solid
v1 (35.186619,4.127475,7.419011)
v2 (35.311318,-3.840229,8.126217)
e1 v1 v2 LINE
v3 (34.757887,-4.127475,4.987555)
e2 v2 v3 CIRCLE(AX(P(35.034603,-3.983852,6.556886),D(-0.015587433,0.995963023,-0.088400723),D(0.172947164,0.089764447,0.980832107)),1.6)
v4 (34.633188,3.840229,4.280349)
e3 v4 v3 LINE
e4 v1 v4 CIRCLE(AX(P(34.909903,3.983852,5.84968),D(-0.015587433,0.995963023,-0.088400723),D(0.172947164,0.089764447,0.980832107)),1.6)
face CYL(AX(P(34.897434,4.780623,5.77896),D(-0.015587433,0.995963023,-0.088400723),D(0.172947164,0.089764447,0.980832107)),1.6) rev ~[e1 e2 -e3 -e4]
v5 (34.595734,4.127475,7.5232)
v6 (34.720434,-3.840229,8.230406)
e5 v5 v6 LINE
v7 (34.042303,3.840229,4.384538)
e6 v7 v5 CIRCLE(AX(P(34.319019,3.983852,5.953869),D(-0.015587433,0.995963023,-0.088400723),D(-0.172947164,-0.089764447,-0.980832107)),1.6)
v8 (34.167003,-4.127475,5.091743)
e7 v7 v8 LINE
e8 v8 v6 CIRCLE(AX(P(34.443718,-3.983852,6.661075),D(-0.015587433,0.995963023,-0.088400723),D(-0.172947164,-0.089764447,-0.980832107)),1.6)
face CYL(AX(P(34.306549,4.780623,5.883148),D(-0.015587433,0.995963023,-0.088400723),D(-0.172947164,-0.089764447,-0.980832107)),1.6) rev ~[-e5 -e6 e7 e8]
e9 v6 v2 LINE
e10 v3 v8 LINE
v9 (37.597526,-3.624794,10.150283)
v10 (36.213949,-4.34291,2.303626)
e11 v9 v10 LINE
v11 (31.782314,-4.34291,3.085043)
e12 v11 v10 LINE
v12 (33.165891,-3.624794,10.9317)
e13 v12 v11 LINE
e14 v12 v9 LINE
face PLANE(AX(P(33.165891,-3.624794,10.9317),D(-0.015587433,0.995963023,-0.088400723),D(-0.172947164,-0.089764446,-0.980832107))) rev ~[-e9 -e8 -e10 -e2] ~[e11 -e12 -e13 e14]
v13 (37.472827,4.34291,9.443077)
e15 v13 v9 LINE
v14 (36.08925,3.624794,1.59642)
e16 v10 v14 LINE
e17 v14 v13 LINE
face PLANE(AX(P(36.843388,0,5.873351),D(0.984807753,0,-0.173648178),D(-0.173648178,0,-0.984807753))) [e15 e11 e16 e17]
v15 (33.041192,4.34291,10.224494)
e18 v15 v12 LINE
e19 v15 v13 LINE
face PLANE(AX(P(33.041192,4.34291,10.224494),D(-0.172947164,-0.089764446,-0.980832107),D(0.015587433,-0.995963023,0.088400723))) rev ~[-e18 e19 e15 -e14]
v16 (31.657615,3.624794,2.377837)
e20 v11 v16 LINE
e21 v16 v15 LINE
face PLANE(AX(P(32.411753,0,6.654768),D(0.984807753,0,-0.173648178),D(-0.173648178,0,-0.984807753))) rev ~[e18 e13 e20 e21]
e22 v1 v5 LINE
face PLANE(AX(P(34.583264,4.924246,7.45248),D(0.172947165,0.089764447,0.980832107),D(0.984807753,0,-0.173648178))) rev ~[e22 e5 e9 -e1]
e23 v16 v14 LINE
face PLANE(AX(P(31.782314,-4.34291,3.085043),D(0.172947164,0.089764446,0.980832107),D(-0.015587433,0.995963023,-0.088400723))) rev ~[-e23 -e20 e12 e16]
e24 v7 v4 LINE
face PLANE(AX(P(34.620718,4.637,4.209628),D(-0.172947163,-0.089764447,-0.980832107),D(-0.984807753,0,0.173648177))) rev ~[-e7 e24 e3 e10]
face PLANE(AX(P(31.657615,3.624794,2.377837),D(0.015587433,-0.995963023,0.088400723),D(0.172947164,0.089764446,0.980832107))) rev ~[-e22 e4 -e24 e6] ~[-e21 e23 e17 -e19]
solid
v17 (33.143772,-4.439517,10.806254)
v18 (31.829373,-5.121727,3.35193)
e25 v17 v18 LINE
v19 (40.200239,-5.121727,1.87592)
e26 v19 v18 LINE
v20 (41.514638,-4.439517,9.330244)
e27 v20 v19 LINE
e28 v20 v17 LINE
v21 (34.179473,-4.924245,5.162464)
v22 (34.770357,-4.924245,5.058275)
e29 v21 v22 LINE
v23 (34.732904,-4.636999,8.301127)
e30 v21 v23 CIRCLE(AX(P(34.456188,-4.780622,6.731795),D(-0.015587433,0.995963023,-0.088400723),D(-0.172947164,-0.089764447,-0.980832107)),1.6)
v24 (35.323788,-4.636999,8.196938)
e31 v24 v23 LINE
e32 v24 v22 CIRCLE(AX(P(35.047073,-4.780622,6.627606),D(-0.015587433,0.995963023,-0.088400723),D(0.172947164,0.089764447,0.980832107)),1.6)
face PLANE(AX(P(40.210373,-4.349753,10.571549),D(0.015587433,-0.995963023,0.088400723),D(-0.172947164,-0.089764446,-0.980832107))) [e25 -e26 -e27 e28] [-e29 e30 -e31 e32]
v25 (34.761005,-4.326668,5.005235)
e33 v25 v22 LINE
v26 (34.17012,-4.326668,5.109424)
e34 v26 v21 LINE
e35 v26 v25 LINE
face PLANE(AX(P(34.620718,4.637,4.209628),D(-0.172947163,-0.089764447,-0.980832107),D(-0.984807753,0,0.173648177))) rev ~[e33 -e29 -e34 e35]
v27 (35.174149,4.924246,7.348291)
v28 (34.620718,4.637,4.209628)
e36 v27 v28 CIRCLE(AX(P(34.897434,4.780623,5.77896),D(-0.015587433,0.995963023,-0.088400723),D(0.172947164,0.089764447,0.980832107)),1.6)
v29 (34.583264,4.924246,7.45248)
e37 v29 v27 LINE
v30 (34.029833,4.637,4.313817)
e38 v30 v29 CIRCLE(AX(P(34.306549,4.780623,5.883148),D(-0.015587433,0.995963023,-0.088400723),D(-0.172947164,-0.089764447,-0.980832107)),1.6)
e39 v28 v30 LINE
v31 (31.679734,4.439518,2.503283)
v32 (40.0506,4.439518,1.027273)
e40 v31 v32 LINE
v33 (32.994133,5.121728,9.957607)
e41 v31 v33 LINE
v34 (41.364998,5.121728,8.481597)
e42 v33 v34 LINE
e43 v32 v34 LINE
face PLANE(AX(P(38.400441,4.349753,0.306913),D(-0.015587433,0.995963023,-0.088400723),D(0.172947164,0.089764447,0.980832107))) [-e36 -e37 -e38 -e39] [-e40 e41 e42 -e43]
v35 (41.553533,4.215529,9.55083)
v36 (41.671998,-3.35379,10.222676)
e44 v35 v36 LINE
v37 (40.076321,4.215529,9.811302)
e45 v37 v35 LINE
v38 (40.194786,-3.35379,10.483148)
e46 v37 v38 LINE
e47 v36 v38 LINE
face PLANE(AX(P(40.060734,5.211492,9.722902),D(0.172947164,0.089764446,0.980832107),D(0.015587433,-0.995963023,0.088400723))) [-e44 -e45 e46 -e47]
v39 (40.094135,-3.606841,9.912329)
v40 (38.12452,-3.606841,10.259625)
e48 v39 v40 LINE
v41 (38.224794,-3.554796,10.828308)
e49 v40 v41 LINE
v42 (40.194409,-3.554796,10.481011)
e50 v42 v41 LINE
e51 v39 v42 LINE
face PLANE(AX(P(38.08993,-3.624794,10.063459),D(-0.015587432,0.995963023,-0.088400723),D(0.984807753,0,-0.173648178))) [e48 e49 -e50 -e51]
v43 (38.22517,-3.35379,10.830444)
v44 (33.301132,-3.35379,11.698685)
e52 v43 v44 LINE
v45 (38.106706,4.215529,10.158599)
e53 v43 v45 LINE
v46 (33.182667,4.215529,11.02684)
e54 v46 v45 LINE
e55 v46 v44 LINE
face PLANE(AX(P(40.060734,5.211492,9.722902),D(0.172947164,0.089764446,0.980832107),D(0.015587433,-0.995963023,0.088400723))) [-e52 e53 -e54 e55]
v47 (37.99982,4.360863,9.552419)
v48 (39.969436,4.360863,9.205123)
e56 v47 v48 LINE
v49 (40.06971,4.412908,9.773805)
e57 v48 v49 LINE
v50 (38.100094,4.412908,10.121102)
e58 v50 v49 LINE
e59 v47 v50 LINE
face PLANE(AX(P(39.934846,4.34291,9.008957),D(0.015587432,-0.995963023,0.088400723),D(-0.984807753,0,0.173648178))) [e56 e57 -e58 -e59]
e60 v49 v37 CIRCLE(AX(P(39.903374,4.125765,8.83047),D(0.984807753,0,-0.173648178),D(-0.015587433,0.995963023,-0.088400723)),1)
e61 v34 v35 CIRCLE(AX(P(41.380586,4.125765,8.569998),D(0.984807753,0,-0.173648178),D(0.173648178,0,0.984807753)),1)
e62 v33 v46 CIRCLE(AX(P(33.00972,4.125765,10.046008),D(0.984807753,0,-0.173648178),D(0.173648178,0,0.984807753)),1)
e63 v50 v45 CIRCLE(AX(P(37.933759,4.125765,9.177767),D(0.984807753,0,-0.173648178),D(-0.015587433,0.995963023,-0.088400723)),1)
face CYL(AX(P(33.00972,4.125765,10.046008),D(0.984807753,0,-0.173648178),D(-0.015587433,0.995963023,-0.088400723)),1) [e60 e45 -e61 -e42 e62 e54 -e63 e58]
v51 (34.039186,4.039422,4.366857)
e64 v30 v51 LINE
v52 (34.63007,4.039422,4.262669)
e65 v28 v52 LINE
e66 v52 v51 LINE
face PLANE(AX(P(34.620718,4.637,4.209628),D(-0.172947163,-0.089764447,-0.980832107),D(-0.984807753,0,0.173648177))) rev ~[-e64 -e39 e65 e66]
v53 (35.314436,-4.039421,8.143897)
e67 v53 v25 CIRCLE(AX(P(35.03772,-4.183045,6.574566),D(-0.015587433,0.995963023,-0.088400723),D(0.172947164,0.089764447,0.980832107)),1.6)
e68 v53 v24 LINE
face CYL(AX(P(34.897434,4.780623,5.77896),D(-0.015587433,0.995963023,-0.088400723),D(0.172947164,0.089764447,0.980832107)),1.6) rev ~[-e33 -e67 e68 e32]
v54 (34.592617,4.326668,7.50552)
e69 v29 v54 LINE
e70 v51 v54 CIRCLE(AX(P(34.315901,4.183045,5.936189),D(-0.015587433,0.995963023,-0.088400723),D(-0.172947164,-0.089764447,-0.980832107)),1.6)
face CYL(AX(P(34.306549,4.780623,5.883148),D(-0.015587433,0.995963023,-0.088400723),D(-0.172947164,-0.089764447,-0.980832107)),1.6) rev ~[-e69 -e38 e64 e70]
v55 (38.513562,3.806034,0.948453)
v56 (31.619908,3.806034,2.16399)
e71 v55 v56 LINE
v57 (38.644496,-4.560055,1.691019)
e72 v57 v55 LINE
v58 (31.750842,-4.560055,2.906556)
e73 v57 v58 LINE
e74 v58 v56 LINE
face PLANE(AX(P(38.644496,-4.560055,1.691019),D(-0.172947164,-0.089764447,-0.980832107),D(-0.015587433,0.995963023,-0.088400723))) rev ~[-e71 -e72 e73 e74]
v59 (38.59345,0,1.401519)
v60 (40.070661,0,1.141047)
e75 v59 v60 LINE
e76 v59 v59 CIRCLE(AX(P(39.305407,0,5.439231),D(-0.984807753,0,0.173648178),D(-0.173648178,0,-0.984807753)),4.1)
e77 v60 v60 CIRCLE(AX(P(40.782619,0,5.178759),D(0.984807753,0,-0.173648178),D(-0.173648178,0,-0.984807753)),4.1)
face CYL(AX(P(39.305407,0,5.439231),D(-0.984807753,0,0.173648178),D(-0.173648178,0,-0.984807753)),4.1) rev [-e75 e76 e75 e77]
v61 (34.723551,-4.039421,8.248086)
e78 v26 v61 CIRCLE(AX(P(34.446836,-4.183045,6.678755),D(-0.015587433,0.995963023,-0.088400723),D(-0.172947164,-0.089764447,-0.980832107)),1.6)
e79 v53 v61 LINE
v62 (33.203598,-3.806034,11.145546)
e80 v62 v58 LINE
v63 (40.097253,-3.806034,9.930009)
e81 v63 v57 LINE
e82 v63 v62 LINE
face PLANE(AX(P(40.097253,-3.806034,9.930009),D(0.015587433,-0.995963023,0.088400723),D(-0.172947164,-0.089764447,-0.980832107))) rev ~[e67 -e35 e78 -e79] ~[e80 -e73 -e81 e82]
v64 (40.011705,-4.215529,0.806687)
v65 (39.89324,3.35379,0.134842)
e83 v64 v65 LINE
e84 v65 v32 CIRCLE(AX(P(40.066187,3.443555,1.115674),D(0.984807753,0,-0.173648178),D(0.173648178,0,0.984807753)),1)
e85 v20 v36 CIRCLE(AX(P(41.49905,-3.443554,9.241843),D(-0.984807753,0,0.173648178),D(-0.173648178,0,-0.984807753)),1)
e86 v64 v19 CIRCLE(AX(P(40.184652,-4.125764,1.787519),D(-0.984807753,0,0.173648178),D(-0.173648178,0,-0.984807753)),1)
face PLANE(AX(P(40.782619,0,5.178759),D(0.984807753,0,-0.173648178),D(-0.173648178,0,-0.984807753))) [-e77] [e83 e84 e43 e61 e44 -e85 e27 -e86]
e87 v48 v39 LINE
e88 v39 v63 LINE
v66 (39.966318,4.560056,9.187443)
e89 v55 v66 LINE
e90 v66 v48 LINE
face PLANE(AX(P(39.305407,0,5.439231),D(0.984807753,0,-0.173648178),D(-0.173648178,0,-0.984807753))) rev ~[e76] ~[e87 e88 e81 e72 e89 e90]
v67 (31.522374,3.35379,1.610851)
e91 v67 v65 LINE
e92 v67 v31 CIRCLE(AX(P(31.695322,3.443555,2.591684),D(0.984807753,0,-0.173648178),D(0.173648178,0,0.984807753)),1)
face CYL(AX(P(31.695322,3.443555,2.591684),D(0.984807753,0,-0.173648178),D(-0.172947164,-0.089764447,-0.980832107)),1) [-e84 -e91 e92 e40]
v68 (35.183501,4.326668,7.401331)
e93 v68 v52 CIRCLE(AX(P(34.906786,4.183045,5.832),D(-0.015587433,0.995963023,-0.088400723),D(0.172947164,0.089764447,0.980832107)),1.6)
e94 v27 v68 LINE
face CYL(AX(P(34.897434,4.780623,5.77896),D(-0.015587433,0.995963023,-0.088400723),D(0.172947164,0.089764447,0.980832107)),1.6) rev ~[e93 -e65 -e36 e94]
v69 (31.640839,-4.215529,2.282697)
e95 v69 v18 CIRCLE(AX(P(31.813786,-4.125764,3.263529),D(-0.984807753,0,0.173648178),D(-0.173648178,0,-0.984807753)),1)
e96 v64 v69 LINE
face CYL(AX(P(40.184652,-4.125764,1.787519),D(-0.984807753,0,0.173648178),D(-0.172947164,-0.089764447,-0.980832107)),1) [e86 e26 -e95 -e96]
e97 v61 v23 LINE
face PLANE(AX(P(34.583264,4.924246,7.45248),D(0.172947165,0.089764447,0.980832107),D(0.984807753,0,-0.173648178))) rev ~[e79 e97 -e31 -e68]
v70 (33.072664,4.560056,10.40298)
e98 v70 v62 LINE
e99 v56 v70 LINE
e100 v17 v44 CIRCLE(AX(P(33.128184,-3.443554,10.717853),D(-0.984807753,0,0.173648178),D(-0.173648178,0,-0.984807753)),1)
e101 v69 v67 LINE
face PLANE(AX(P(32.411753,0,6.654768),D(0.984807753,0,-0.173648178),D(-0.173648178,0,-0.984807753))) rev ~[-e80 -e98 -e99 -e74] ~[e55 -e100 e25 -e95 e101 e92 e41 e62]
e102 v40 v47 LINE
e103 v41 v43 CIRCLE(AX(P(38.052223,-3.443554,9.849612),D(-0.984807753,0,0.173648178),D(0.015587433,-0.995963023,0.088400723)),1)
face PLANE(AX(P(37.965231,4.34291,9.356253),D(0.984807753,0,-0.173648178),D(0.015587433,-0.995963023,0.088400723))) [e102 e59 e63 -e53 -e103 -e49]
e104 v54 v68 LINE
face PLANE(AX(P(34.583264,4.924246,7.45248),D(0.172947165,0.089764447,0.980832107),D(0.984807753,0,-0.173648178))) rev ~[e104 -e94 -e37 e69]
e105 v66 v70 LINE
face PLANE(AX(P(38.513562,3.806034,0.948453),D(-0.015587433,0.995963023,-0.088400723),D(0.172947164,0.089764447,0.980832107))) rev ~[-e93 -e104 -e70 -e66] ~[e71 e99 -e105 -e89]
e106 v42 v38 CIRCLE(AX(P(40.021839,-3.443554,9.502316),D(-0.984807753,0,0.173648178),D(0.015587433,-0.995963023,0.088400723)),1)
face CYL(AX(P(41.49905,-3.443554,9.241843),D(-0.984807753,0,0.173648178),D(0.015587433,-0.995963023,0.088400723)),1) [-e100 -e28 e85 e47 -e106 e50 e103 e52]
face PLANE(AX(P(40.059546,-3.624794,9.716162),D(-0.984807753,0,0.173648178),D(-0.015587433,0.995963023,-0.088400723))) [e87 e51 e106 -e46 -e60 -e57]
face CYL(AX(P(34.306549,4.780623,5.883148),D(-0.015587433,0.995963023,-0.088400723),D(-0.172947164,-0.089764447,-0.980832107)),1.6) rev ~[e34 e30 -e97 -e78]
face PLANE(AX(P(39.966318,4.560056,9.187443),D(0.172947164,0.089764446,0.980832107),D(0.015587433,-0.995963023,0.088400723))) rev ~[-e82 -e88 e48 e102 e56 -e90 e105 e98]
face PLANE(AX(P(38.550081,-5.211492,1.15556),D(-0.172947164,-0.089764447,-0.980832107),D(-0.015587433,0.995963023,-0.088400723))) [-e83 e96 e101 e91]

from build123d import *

# Parameters (mm, degrees)
SKETCH1_R           = 4.1
BOSS_EXTRUDE1_DEPTH = 1.5
BOSS_EXTRUDE2_DEPTH = 7
BOSS_EXTRUDE3_START = -7
BOSS_EXTRUDE3_DEPTH = 4.5
CUT_EXTRUDE1_DEPTH  = 45.370101856
FILLET1_R           = 1
CUT_EXTRUDE2_DEPTH  = 43.442087042


with BuildPart() as part:
    # Sketch1 → Boss-Extrude1 (new body)
    with BuildSketch(Plane(origin=(37.190040953, 0, -6.557607634), x_dir=(-0.1736481776669169, 0, -0.9848077530122105), z_dir=(0.9848077530122106, 0, -0.17364817766691693))):
        Polygon((-16.531662389, 5.211492046), (-17.393401075, -4.34975298), (-7.83215605, -5.211491666), (-6.970417363, 4.349753359), align=None)
        with Locations((-12.181909219, 0)):
            Circle(SKETCH1_R, mode=Mode.SUBTRACT)
    extrude(amount=BOSS_EXTRUDE1_DEPTH)

    # Sketch1<3> → Boss-Extrude2 (add)
    with BuildSketch(Plane(origin=(37.190040953, 0, -6.557607634), x_dir=(-0.1736481776669169, 0, -0.9848077530122105), z_dir=(0.9848077530122106, 0, -0.17364817766691693))):
        Polygon((-7.83215605, -5.211491666), (-6.970417363, 4.349753359), (-16.531662389, 5.211492046), (-17.393401075, -4.34975298), align=None)
        Polygon((-8.375875196, -4.560055184), (-7.621853845, 3.806034213), (-15.987943243, 4.560055564), (-16.741964593, -3.806033833), align=None, mode=Mode.SUBTRACT)
    extrude(amount=-BOSS_EXTRUDE2_DEPTH)


with BuildPart() as body_2:
    # Sketch1<4> → Boss-Extrude3 (new body)
    with BuildSketch(Plane(origin=(37.190040953, 0, -6.557607634), x_dir=(-0.1736481776669169, 0, -0.9848077530122105), z_dir=(0.9848077530122106, 0, -0.17364817766691693)).offset(BOSS_EXTRUDE3_START)):
        Polygon((-16.524819099, -3.624794118), (-8.557114911, -4.34290969), (-7.838999339, 3.624794498), (-15.806703527, 4.34291007), align=None)
    extrude(amount=BOSS_EXTRUDE3_DEPTH)


with BuildPart() as cut_extrude1_tool:
    # Sketch2 → Cut-Extrude1 (new, through all)
    with BuildSketch(Plane(origin=(-0.057774785, 3.691534806, -0.327657089), x_dir=(0.9998782702631323, 0.01558743255466835, -0.0006903636436052229), z_dir=(-0.015587432554668353, 0.9959630234822288, -0.08840072286181537))):
        with BuildLine():
            Line((34.650665927, -7.834733366), (35.241550579, -7.730544459))
            ThreePointArc((35.241550579, -7.730544459), (36.5394059, -5.87701497), (34.685876411, -4.57915965))
            Line((34.685876411, -4.57915965), (34.094991759, -4.683348556))
            ThreePointArc((34.094991759, -4.683348556), (32.797136438, -6.536878046), (34.650665927, -7.834733366))
        make_face()
    extrude(amount=-CUT_EXTRUDE1_DEPTH)


with BuildPart() as part_1:
    add(part.part)

    # Cut-Extrude1: cut by cut_extrude1_tool
    add(cut_extrude1_tool.part, mode=Mode.SUBTRACT)

    # Fillet1
    fillet1_edges = [part_1.edges().sort_by_distance(p)[0] for p in [
        (35.692219905, 4.349753359, 0.784445916),
        (35.841859257, -5.211491666, 1.633092856),
        (37.502152032, -4.34975298, 11.049081085),
        (37.35251268, 5.211492046, 10.200434146),
    ]]
    fillet(fillet1_edges, radius=FILLET1_R)

    # Sketch3 → Cut-Extrude2 (cut, through all)
    with BuildSketch(Plane(origin=(2.790110099, 1.448145681, 15.823500677), x_dir=(0.9849311034009463, -0.015762022746430758, -0.17222740836561337), z_dir=(0.1729471640513216, 0.08976444650382359, 0.980832107238781))):
        Polygon((35.713280339, 3.472127719), (35.839887632, -4.52687038), (37.839637157, -4.495218557), (37.713029864, 3.503779542), align=None)
    extrude(amount=CUT_EXTRUDE2_DEPTH, mode=Mode.SUBTRACT)


with BuildPart() as body_2_1:
    add(body_2.part)

    # Cut-Extrude1: cut by cut_extrude1_tool
    add(cut_extrude1_tool.part, mode=Mode.SUBTRACT)


solid = Compound([part_1.part, body_2_1.part])
